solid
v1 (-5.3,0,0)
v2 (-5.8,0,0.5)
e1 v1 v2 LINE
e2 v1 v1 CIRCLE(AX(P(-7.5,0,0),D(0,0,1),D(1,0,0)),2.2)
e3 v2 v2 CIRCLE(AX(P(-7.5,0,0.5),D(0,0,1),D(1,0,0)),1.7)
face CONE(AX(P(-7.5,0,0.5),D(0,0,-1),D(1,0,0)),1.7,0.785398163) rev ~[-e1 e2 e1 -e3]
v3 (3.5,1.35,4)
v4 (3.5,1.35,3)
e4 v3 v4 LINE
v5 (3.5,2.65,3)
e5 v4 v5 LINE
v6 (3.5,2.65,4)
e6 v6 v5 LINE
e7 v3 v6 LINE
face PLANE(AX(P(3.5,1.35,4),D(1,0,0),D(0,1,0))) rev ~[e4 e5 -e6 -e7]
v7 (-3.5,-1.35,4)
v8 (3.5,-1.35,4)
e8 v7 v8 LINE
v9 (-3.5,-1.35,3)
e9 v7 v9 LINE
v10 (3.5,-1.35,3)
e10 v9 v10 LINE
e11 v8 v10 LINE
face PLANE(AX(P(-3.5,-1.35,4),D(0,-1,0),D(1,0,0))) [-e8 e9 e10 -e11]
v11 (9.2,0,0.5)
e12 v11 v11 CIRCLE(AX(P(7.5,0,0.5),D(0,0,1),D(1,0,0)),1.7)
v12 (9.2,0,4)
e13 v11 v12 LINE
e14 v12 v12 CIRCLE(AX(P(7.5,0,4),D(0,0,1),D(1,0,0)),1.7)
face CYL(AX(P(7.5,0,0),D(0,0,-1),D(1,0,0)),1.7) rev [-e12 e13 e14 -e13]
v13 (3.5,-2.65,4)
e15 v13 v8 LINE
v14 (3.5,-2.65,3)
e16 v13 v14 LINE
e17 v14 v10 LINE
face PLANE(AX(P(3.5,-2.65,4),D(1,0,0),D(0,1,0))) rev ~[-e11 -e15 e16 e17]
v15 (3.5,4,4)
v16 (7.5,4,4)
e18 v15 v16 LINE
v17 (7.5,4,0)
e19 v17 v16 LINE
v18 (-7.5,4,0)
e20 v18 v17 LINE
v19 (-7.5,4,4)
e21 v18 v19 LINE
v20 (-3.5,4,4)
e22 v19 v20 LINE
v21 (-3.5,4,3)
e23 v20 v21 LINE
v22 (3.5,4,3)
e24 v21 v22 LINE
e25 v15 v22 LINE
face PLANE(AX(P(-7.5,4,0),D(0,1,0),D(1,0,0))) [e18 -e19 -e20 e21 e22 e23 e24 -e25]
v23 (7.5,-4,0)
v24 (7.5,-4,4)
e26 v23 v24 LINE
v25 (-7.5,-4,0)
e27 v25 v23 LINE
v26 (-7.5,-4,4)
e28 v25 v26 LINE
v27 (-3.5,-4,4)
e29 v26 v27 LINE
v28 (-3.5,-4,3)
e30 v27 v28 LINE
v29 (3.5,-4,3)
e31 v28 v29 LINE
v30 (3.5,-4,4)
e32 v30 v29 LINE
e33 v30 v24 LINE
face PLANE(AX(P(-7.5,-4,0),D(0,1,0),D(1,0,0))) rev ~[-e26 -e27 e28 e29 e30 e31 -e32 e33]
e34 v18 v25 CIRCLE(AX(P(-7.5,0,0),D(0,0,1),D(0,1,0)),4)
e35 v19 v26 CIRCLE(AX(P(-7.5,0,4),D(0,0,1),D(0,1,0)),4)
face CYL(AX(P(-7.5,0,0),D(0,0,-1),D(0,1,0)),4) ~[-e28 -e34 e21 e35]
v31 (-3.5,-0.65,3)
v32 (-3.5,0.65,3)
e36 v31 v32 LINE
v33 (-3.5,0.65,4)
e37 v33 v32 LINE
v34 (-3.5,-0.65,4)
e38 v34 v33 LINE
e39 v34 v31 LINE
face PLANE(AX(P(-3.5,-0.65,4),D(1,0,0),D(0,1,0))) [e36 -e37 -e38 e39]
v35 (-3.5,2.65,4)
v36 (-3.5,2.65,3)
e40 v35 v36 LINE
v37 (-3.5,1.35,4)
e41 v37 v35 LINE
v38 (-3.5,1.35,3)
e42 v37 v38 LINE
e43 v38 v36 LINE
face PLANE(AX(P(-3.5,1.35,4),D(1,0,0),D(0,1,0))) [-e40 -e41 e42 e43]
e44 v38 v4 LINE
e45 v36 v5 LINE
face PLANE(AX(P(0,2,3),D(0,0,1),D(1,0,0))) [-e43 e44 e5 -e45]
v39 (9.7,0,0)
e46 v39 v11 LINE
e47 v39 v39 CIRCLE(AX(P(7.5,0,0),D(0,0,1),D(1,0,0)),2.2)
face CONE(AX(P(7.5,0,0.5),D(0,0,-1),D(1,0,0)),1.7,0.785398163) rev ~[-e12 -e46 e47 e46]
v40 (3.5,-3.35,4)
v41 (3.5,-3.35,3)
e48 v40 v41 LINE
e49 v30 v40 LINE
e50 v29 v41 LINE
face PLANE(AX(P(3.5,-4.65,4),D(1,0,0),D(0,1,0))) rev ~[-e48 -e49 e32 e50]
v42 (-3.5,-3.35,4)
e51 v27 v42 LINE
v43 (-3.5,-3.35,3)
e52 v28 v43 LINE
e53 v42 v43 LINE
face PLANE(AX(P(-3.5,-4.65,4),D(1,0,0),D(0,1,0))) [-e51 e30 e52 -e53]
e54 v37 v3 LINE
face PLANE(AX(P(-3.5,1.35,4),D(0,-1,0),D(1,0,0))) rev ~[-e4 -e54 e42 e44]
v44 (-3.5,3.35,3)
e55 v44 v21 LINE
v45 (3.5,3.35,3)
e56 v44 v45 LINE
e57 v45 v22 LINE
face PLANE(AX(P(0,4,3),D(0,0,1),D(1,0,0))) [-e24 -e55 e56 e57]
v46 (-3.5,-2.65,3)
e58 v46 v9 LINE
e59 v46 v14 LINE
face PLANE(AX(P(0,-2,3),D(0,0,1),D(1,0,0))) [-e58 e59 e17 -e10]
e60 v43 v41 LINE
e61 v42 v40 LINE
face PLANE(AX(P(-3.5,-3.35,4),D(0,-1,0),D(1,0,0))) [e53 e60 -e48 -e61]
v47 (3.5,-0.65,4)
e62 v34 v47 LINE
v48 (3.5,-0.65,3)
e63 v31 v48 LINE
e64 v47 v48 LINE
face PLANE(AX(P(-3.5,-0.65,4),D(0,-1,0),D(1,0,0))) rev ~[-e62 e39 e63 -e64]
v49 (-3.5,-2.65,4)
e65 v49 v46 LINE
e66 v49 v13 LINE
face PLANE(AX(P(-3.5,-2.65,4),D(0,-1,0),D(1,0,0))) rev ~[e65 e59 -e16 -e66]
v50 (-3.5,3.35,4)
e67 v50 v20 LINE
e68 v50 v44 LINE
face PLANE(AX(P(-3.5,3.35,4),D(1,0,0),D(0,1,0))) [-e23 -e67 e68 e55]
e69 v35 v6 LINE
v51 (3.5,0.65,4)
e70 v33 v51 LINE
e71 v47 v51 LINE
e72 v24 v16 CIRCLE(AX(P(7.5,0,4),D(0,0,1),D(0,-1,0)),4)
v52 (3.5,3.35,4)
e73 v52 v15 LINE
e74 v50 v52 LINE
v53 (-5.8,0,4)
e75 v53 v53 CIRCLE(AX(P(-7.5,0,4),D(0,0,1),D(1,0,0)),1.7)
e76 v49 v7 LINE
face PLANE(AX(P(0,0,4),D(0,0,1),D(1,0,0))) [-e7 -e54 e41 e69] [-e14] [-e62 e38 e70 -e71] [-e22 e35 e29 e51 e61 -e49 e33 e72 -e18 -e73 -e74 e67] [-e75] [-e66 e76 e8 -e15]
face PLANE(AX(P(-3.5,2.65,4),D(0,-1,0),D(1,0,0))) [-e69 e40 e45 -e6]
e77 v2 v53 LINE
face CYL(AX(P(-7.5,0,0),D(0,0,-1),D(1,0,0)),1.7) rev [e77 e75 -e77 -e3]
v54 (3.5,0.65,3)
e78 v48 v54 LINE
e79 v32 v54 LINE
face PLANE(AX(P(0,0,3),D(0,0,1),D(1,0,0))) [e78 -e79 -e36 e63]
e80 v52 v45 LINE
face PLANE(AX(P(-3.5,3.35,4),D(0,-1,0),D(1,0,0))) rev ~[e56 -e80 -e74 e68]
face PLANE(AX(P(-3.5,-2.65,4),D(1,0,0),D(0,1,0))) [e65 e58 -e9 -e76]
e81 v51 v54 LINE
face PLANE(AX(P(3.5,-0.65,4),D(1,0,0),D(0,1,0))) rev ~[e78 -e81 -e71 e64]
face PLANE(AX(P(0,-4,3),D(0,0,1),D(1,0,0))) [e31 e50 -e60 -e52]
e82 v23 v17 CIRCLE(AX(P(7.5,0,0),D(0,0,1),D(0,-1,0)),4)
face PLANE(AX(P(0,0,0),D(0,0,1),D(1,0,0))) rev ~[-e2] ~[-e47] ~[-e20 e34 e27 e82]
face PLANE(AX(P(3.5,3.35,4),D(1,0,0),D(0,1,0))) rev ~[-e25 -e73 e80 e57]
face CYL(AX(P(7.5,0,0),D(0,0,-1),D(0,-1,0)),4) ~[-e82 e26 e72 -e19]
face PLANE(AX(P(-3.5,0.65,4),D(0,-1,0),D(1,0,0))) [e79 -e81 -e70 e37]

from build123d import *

# Parameters (mm, degrees)
SKETCH_R     = 1.7
PAD_DEPTH    = 4
SKETCH001_W  = 7
SKETCH001_H  = 1.3
POCKET_DEPTH = 1
CHAMFER_SIZE = 0.5


with BuildPart() as part:
    # Sketch → Pad (new body)
    with BuildSketch(Plane.XY):
        with BuildLine():
            ThreePointArc((-7.5, 4), (-11.5, 0), (-7.5, -4))
            Line((-7.5, -4), (7.5, -4))
            ThreePointArc((7.5, -4), (11.5, 0), (7.5, 4))
            Line((-7.5, 4), (7.5, 4))
        make_face()
        with Locations((-7.5, 0)):
            Circle(SKETCH_R, mode=Mode.SUBTRACT)
        with Locations((7.5, 0)):
            Circle(SKETCH_R, mode=Mode.SUBTRACT)
    extrude(amount=PAD_DEPTH)

    # Sketch001 → Pocket (cut)
    with BuildSketch(Plane.XY.offset(4)):
        with Locations((0, 2)):
            Rectangle(SKETCH001_W, SKETCH001_H)
        Rectangle(SKETCH001_W, SKETCH001_H)
        with Locations((0, -2)):
            Rectangle(SKETCH001_W, SKETCH001_H)
        with Locations((0, 4)):
            Rectangle(SKETCH001_W, SKETCH001_H)
        with Locations((0, -4)):
            Rectangle(SKETCH001_W, SKETCH001_H)
    extrude(amount=-POCKET_DEPTH, mode=Mode.SUBTRACT)

    # Chamfer
    chamfer_edges = [part.edges().sort_by_distance(p)[0] for p in [
        (-9.2, 0, 0),
        (5.8, 0, 0),
    ]]
    chamfer(chamfer_edges, length=CHAMFER_SIZE)


solid = part.part
